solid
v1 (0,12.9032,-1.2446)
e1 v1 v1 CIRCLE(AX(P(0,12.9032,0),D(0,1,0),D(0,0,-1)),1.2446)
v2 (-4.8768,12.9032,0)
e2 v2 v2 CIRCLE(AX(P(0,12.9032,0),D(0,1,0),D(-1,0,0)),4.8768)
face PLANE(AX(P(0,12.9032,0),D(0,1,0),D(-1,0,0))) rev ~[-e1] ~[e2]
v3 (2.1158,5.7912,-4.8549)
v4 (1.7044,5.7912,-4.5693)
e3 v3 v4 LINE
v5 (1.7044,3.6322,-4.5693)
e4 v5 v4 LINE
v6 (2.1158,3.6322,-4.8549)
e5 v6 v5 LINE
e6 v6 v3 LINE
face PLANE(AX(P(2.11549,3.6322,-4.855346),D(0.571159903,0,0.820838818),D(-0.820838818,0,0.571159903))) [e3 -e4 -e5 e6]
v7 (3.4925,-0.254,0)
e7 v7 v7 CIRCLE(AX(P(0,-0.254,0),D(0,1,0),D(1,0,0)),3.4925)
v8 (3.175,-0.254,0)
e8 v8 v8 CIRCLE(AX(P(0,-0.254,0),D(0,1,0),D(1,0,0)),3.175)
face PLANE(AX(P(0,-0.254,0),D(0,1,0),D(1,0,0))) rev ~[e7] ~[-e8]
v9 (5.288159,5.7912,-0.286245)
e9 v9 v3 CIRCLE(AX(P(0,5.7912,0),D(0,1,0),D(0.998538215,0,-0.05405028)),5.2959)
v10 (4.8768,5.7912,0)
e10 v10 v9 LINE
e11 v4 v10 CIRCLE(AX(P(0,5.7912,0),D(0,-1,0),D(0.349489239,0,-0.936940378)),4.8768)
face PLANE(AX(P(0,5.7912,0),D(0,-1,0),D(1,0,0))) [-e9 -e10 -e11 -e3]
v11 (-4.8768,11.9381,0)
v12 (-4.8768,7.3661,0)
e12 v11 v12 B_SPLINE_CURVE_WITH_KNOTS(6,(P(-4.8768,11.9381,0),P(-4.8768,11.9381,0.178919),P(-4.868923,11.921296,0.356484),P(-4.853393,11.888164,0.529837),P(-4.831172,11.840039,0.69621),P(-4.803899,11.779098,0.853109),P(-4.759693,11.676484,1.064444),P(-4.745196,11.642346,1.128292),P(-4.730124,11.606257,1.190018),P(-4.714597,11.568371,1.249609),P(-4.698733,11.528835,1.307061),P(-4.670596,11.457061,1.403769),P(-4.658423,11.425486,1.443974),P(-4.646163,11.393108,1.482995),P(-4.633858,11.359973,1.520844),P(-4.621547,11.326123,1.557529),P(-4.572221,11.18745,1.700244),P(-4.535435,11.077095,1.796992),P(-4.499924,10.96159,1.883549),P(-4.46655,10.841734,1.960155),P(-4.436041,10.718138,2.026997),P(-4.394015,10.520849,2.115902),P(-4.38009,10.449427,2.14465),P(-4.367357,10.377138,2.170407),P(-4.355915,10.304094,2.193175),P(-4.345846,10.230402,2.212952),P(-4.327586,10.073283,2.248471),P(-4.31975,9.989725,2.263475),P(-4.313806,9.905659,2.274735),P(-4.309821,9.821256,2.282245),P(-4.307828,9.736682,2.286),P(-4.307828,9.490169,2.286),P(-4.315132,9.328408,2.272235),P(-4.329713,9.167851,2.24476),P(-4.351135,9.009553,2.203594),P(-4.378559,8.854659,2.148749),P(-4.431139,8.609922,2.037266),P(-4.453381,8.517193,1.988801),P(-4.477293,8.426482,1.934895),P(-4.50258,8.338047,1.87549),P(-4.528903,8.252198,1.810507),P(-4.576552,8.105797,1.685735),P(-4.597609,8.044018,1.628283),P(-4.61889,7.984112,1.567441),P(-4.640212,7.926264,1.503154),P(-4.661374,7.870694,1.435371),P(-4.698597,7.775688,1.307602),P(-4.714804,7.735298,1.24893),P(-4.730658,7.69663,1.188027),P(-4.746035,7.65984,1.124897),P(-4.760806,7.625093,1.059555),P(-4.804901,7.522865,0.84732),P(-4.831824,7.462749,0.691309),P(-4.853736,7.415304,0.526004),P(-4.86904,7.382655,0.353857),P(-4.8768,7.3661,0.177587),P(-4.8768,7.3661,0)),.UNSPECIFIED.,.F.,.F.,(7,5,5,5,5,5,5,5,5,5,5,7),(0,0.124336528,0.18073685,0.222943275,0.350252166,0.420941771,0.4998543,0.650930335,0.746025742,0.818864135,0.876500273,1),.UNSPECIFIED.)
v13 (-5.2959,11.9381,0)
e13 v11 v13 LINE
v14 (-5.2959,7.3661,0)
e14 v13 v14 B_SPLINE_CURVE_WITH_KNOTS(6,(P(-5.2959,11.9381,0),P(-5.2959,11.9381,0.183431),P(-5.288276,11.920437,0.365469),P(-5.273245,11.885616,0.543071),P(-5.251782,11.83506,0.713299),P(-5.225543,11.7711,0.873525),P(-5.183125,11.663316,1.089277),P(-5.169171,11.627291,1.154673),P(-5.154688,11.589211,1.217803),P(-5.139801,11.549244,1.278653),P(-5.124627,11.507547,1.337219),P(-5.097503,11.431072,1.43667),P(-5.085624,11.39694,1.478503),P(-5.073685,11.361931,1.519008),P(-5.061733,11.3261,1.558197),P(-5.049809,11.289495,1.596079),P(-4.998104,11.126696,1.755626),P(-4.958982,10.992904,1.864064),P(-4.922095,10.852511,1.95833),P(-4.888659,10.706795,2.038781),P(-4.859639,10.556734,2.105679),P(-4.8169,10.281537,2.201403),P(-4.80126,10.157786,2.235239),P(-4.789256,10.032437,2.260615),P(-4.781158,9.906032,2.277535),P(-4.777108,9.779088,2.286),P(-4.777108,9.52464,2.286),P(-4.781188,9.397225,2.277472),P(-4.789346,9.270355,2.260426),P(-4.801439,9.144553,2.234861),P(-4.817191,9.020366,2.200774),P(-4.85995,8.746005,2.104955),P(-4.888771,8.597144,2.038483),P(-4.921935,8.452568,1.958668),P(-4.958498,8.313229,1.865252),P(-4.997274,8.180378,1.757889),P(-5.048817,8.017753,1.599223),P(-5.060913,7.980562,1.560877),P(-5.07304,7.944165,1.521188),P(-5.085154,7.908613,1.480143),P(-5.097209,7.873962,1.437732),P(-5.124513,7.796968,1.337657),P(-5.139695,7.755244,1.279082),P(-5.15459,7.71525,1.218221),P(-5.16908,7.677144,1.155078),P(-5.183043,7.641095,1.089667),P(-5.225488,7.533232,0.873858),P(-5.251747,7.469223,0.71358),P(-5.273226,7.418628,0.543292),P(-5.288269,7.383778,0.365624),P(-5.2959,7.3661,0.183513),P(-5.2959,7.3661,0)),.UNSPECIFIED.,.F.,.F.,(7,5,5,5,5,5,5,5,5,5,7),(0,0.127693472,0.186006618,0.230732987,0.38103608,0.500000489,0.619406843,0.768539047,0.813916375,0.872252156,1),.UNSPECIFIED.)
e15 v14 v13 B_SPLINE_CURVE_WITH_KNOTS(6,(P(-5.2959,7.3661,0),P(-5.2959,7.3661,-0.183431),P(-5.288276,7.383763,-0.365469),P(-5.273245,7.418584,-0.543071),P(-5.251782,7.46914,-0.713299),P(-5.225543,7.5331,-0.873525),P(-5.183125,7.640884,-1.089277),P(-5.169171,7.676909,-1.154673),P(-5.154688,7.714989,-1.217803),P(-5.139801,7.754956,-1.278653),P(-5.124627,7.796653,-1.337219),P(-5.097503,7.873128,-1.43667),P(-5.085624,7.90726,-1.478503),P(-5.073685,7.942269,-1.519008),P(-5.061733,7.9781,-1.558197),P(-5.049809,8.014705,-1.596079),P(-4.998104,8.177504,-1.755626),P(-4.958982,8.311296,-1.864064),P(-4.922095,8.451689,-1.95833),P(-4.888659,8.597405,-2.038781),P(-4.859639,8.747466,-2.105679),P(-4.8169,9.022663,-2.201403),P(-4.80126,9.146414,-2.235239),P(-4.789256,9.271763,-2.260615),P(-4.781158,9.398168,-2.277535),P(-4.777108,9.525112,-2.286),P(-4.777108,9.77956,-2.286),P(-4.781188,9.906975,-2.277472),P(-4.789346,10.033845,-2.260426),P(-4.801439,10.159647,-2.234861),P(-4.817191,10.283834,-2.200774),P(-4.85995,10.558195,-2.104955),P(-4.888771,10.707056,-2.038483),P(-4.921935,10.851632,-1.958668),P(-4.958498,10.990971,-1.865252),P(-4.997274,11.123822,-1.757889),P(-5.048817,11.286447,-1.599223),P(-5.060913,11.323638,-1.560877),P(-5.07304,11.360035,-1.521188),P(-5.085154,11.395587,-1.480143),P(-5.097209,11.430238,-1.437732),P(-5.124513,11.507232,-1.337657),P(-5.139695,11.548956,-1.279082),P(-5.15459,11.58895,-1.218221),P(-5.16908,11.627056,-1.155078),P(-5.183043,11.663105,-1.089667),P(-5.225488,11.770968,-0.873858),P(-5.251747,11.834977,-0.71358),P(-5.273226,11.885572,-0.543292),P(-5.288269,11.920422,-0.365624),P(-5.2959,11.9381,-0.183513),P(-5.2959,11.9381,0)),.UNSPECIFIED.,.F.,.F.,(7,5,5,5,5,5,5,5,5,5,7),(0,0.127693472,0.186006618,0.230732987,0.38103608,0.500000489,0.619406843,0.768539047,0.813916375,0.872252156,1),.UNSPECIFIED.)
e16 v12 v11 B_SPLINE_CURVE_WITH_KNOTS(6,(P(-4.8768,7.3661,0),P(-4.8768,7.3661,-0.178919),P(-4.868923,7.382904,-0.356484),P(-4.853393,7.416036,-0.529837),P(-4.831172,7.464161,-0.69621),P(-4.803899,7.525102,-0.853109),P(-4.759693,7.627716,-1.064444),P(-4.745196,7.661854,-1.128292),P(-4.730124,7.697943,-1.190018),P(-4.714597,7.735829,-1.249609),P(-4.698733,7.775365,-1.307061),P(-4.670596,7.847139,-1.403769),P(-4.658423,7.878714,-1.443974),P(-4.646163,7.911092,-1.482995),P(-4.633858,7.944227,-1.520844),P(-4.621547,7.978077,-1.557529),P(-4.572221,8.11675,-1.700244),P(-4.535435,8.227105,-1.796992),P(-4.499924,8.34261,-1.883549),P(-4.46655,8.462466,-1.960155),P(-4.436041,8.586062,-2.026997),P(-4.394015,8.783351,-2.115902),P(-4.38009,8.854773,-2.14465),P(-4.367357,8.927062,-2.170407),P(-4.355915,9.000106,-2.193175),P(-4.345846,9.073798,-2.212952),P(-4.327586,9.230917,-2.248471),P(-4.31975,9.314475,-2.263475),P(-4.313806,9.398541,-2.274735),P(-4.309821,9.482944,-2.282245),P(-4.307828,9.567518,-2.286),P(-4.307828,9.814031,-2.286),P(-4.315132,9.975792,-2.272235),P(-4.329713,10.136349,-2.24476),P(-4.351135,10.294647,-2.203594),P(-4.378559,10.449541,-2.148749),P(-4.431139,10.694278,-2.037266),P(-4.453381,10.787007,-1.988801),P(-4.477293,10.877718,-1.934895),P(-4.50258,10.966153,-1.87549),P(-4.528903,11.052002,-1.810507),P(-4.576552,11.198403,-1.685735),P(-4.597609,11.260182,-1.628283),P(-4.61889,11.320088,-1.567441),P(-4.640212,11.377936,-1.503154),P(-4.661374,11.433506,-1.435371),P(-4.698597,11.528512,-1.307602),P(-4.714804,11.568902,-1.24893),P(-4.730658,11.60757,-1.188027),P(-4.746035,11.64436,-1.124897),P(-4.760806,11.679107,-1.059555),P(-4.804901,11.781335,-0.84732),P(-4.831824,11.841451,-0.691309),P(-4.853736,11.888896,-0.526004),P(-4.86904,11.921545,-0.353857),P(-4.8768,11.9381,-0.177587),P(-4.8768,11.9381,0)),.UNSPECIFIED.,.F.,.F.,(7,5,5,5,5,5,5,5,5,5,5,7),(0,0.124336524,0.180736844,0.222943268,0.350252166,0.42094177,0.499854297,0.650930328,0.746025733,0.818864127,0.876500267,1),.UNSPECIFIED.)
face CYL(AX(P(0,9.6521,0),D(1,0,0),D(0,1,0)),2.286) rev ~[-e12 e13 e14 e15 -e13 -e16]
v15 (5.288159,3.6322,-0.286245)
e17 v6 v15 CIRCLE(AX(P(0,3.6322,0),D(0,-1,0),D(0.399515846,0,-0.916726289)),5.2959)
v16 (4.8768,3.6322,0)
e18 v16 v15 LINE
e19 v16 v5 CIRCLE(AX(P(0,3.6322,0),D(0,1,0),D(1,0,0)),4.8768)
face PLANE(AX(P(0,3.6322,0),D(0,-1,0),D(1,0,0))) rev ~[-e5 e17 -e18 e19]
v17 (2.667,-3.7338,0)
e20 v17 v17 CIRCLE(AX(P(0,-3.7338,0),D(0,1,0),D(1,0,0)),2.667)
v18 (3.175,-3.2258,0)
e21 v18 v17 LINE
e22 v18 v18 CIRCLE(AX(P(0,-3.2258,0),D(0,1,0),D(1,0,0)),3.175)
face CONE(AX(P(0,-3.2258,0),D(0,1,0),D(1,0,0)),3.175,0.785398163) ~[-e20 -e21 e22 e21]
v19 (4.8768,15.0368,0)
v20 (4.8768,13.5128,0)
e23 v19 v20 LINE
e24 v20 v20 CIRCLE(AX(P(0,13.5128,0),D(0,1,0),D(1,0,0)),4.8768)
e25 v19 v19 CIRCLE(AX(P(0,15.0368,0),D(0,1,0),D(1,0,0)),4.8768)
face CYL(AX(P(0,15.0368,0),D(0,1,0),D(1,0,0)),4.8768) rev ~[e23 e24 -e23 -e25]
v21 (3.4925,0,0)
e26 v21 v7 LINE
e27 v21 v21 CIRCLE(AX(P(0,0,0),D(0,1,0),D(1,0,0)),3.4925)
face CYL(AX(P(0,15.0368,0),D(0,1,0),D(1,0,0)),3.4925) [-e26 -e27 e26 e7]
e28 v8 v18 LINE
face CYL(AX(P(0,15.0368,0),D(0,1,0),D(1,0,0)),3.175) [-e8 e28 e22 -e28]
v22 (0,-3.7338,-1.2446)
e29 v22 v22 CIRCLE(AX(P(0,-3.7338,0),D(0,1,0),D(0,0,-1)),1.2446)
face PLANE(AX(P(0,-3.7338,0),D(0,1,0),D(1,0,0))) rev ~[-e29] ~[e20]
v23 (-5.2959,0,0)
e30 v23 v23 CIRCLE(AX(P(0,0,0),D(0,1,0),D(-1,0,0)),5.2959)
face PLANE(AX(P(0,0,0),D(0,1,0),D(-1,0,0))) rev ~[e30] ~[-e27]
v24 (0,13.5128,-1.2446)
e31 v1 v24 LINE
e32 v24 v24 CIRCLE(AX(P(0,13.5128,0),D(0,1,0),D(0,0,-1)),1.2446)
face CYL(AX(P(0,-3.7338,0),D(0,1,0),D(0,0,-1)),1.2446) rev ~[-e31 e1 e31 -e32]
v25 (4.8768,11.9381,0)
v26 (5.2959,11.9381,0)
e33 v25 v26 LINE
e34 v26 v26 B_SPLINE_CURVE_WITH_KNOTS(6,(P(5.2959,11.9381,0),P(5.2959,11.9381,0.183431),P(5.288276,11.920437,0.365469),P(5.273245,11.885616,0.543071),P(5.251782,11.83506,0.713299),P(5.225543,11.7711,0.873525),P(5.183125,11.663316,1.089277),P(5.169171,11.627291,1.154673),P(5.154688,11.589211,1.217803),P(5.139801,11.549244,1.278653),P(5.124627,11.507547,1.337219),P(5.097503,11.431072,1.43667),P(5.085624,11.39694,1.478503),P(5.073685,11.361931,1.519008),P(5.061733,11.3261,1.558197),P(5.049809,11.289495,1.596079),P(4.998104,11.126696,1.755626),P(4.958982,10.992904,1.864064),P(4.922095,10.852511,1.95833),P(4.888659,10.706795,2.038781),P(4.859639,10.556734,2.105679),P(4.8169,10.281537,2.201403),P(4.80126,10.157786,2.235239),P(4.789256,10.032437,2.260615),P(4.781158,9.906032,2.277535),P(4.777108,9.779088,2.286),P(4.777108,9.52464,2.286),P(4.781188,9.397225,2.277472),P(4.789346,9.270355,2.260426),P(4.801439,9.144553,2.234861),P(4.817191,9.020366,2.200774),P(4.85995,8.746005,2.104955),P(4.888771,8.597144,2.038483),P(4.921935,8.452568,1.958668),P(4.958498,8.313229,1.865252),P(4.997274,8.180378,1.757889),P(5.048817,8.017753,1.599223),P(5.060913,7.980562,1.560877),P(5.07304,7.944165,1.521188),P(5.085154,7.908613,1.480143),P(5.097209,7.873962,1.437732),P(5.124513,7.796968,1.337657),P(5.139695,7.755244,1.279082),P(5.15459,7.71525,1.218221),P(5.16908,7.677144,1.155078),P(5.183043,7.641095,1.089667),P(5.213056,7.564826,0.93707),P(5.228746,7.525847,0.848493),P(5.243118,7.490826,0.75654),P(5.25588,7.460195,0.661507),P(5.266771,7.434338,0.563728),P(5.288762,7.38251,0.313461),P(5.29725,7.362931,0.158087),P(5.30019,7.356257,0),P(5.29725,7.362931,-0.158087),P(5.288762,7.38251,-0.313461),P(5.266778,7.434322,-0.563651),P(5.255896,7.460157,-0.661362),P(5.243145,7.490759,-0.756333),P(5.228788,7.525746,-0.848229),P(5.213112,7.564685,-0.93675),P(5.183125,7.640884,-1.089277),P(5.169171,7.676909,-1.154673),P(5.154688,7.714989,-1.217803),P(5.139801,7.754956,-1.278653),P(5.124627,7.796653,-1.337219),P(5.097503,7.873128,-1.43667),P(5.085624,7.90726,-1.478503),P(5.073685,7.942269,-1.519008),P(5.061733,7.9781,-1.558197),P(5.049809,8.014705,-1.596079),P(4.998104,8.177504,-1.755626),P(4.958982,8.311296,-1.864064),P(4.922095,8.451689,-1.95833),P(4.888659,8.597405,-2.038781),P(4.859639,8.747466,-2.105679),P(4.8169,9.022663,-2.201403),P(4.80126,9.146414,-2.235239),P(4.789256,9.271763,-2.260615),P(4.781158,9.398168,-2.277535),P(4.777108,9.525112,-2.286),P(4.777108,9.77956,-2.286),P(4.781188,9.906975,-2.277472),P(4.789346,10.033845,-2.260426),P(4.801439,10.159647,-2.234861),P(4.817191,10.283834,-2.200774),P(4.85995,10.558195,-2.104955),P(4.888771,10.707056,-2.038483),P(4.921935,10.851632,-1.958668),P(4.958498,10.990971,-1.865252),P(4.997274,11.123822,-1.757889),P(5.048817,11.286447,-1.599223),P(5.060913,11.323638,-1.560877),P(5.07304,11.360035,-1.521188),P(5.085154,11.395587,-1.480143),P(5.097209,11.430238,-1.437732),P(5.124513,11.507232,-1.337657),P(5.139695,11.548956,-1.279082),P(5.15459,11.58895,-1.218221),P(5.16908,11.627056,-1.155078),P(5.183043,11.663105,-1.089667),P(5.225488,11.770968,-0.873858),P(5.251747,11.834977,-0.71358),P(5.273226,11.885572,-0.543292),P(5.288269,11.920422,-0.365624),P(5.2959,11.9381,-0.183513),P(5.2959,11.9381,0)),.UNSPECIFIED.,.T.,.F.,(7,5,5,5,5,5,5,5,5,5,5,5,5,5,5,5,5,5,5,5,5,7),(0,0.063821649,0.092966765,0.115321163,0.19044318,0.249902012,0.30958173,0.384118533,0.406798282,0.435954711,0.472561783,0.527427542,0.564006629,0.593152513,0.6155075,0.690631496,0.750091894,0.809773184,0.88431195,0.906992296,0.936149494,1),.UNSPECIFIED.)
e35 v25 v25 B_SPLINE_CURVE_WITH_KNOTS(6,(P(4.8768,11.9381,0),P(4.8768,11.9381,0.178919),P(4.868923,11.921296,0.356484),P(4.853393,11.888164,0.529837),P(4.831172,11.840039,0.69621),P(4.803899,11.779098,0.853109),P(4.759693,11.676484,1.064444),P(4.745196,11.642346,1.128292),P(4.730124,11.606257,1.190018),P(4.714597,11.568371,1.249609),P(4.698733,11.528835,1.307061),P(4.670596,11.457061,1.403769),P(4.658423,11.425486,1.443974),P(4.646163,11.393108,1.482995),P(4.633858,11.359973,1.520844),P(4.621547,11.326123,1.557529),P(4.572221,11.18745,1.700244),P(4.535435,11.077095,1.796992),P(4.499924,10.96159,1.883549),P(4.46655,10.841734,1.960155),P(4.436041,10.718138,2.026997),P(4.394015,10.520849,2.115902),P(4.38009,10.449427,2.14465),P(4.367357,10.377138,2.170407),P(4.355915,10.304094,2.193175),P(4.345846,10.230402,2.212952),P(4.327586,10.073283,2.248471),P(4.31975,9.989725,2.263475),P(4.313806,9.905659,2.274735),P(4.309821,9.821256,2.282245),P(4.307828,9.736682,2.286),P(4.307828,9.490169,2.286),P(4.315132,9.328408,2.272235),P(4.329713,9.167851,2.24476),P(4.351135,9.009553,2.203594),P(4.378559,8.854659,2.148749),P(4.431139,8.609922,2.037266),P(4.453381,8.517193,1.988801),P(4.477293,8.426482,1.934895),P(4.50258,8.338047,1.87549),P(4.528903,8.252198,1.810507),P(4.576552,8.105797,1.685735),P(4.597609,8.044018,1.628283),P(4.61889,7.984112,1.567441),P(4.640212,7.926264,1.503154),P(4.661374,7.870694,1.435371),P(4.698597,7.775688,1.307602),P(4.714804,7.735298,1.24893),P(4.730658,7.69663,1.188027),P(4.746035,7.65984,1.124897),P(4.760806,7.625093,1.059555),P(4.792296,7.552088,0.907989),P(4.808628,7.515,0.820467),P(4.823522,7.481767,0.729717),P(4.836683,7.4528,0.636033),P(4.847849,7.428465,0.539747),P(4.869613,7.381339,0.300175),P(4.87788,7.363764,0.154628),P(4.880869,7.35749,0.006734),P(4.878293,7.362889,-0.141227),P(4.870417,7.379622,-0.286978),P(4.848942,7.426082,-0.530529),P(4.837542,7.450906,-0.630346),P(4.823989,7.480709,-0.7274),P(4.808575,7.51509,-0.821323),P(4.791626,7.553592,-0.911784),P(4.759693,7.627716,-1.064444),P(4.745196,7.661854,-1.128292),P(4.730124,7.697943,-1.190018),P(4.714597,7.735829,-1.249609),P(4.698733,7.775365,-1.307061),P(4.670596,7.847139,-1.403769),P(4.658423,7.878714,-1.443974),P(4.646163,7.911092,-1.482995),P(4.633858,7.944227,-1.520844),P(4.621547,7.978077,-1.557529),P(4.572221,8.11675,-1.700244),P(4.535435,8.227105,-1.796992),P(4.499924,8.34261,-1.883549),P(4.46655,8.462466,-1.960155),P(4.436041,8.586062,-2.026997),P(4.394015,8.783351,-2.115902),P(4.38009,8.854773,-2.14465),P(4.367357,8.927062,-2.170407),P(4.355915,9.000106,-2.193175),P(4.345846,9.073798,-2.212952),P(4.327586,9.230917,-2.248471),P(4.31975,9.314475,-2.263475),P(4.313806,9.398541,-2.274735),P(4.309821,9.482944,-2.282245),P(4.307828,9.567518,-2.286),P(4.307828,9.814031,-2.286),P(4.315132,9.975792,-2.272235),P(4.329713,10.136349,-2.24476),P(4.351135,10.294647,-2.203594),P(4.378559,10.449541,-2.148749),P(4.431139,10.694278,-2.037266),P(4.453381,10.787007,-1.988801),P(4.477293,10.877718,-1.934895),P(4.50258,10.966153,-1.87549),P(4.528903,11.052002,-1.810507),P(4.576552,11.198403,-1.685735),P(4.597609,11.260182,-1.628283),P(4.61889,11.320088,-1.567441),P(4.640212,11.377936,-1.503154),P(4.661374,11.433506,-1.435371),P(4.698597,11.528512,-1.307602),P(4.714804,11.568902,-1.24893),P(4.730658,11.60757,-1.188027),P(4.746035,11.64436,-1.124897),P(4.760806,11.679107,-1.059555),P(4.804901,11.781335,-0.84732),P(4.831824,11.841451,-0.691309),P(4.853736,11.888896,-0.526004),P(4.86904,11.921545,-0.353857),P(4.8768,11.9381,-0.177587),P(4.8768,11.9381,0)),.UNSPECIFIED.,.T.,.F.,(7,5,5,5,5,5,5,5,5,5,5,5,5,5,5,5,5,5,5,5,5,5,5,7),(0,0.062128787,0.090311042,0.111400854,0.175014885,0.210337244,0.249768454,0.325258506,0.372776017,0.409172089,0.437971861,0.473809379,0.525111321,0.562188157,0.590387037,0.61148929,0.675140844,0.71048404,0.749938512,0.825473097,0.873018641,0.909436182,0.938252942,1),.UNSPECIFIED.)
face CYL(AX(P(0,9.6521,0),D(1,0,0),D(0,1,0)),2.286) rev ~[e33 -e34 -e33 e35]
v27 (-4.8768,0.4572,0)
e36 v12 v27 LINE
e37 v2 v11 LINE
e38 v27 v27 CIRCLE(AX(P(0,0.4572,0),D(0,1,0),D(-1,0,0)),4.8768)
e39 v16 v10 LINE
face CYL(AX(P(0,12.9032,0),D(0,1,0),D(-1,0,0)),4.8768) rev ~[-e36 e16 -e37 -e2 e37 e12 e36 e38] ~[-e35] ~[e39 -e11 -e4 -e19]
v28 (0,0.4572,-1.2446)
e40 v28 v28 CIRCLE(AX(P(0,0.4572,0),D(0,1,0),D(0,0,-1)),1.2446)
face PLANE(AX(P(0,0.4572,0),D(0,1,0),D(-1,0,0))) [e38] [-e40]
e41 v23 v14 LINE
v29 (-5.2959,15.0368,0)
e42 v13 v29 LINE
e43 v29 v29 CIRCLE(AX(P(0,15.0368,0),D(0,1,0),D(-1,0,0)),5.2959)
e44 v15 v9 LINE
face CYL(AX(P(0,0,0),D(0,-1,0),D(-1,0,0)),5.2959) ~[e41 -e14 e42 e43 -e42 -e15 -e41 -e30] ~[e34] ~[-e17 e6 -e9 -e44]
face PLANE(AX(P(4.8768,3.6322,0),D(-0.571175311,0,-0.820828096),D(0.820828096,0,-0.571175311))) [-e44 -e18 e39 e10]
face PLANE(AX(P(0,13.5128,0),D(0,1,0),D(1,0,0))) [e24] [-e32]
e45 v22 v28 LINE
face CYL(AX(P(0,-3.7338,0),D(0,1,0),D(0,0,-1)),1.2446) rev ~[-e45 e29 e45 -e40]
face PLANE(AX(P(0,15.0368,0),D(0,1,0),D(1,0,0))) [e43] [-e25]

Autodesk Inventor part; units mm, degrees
ref_plane "YZ Plane" through (0, 0, 0) normal (1, 0, 0) x (0, 1, 0)
ref_plane "XZ Plane" through (0, 0, 0) normal (0, 1, 0) x (-1, 0, 0)
ref_plane "XY Plane" through (0, 0, 0) normal (0, 0, 1) x (1, 0, 0)
sketch "Sketch1" plane through (0, 0, 0) normal (0, 1, 0) x (-1, 0, 0)
  circle A0 centre (0, 0) radius 5.2959
  dimension "d0" = 10.5918
extrude "Extrusion1" add sketch "Sketch1" along normal blind 15.0368
sketch "Sketch3" plane through (0, 15.0368, 0) normal (0, 1, 0) x (1, 0, 0)
  circle A0 centre (0, 0) radius 3.4925
  dimension "d6" = 6.985
extrude "Extrusion3" add sketch "Sketch3" against normal blind 15.2908
sketch "Sketch4" plane through (0, 15.0368, 0) normal (0, 1, 0) x (1, 0, 0)
  circle A0 centre (0, 0) radius 3.175
  dimension "d9" = 6.35
extrude "Extrusion4" add sketch "Sketch4" against normal blind 18.7706
sketch "Sketch9" plane through (0, -3.7338, 0) normal (0, -1, 0) x (1, 0, 0)
  circle A0 centre (0, 0) radius 5.2959 projected
hole "Hole1" at (0, -3.7338, 0) direction (0, 1, 0) diameter 2.4892 end through all
sketch "Sketch10" plane through (0, 0, 0) normal (1, 0, 0) x (0, 1, 0)
  line L0 (15.0368, -5.2959) -> (15.0368, 5.2959) projected
  line L1 (15.0368, -5.256) -> (9.6521, -5.2959)
  line L2 (0, -5.2959) -> (15.0368, -5.2959) projected
  circle A0 centre (9.6521, 0) radius 2.286
  point P0 (0, 0)
  dimension "d33" = 5.3848
  dimension "d34" = 4.572
extrude "Extrusion7" cut sketch "Sketch10" along normal mid plane 12.446 contours A0
sketch "Sketch5" plane through (0, 15.0368, 0) normal (0, 1, 0) x (1, 0, 0)
  circle A0 centre (0, 0) radius 4.8768
  dimension "d12" = 9.7536
extrude "Extrusion5" cut sketch "Sketch5" against normal blind 1.524
ref_plane "Work Plane3" through (0, 12.9032, 0) normal (0, 1, 0) x (-1, 0, 0)
sketch "Sketch8" plane through (0, 12.9032, 0) normal (0, 1, 0) x (-1, 0, 0)
  circle A0 centre (0, 0) radius 4.8768
extrude "Extrusion6" cut sketch "Sketch8" against normal blind 12.446
ref_plane "Work Plane4" through (0, 3.6322, 0) normal (0, -1, 0) x (1, 0, 0)
chamfer "Chamfer1" distance 0.508 angle 45 1 edges at (-3.175, -3.7338, 0)
sketch "Sketch11" plane through (0, 3.6322, 0) normal (0, -1, 0) x (1, 0, 0)
  circle A0 centre (0, 0) radius 5.2959 projected
  circle A1 centre (0, 0) radius 4.8768 projected
  line L0 (4.8768, 0) -> (1.7044, -4.5693)
  line L1 (2.1158, -4.8549) -> (5.2959, -0.291)
  line L2 (4.8768, 0) -> (5.9401, -0.7399)
  line L3 (5.9401, -0.7399) -> (2.763, -5.3059)
  line L4 (2.763, -5.3059) -> (1.7044, -4.5693)
  dimension "d37" = 5.5626
  dimension "d38" = 1.2954
extrude "Extrusion8" cut sketch "Sketch11" against normal blind 2.159 contours L1 A1 A0 | L4 A1 L1 | A0 L1 L2 L3 L4 | L2 L1 A0 | A0 L1 A1 L2 | L1 A1 | A1 L0 L1 | A1 L0
thread "Thread1" size "1/4-20 UNC" class "2A" standard "ANSI Unified Screw Threads" full length
properties part number "Mixture  Control"
